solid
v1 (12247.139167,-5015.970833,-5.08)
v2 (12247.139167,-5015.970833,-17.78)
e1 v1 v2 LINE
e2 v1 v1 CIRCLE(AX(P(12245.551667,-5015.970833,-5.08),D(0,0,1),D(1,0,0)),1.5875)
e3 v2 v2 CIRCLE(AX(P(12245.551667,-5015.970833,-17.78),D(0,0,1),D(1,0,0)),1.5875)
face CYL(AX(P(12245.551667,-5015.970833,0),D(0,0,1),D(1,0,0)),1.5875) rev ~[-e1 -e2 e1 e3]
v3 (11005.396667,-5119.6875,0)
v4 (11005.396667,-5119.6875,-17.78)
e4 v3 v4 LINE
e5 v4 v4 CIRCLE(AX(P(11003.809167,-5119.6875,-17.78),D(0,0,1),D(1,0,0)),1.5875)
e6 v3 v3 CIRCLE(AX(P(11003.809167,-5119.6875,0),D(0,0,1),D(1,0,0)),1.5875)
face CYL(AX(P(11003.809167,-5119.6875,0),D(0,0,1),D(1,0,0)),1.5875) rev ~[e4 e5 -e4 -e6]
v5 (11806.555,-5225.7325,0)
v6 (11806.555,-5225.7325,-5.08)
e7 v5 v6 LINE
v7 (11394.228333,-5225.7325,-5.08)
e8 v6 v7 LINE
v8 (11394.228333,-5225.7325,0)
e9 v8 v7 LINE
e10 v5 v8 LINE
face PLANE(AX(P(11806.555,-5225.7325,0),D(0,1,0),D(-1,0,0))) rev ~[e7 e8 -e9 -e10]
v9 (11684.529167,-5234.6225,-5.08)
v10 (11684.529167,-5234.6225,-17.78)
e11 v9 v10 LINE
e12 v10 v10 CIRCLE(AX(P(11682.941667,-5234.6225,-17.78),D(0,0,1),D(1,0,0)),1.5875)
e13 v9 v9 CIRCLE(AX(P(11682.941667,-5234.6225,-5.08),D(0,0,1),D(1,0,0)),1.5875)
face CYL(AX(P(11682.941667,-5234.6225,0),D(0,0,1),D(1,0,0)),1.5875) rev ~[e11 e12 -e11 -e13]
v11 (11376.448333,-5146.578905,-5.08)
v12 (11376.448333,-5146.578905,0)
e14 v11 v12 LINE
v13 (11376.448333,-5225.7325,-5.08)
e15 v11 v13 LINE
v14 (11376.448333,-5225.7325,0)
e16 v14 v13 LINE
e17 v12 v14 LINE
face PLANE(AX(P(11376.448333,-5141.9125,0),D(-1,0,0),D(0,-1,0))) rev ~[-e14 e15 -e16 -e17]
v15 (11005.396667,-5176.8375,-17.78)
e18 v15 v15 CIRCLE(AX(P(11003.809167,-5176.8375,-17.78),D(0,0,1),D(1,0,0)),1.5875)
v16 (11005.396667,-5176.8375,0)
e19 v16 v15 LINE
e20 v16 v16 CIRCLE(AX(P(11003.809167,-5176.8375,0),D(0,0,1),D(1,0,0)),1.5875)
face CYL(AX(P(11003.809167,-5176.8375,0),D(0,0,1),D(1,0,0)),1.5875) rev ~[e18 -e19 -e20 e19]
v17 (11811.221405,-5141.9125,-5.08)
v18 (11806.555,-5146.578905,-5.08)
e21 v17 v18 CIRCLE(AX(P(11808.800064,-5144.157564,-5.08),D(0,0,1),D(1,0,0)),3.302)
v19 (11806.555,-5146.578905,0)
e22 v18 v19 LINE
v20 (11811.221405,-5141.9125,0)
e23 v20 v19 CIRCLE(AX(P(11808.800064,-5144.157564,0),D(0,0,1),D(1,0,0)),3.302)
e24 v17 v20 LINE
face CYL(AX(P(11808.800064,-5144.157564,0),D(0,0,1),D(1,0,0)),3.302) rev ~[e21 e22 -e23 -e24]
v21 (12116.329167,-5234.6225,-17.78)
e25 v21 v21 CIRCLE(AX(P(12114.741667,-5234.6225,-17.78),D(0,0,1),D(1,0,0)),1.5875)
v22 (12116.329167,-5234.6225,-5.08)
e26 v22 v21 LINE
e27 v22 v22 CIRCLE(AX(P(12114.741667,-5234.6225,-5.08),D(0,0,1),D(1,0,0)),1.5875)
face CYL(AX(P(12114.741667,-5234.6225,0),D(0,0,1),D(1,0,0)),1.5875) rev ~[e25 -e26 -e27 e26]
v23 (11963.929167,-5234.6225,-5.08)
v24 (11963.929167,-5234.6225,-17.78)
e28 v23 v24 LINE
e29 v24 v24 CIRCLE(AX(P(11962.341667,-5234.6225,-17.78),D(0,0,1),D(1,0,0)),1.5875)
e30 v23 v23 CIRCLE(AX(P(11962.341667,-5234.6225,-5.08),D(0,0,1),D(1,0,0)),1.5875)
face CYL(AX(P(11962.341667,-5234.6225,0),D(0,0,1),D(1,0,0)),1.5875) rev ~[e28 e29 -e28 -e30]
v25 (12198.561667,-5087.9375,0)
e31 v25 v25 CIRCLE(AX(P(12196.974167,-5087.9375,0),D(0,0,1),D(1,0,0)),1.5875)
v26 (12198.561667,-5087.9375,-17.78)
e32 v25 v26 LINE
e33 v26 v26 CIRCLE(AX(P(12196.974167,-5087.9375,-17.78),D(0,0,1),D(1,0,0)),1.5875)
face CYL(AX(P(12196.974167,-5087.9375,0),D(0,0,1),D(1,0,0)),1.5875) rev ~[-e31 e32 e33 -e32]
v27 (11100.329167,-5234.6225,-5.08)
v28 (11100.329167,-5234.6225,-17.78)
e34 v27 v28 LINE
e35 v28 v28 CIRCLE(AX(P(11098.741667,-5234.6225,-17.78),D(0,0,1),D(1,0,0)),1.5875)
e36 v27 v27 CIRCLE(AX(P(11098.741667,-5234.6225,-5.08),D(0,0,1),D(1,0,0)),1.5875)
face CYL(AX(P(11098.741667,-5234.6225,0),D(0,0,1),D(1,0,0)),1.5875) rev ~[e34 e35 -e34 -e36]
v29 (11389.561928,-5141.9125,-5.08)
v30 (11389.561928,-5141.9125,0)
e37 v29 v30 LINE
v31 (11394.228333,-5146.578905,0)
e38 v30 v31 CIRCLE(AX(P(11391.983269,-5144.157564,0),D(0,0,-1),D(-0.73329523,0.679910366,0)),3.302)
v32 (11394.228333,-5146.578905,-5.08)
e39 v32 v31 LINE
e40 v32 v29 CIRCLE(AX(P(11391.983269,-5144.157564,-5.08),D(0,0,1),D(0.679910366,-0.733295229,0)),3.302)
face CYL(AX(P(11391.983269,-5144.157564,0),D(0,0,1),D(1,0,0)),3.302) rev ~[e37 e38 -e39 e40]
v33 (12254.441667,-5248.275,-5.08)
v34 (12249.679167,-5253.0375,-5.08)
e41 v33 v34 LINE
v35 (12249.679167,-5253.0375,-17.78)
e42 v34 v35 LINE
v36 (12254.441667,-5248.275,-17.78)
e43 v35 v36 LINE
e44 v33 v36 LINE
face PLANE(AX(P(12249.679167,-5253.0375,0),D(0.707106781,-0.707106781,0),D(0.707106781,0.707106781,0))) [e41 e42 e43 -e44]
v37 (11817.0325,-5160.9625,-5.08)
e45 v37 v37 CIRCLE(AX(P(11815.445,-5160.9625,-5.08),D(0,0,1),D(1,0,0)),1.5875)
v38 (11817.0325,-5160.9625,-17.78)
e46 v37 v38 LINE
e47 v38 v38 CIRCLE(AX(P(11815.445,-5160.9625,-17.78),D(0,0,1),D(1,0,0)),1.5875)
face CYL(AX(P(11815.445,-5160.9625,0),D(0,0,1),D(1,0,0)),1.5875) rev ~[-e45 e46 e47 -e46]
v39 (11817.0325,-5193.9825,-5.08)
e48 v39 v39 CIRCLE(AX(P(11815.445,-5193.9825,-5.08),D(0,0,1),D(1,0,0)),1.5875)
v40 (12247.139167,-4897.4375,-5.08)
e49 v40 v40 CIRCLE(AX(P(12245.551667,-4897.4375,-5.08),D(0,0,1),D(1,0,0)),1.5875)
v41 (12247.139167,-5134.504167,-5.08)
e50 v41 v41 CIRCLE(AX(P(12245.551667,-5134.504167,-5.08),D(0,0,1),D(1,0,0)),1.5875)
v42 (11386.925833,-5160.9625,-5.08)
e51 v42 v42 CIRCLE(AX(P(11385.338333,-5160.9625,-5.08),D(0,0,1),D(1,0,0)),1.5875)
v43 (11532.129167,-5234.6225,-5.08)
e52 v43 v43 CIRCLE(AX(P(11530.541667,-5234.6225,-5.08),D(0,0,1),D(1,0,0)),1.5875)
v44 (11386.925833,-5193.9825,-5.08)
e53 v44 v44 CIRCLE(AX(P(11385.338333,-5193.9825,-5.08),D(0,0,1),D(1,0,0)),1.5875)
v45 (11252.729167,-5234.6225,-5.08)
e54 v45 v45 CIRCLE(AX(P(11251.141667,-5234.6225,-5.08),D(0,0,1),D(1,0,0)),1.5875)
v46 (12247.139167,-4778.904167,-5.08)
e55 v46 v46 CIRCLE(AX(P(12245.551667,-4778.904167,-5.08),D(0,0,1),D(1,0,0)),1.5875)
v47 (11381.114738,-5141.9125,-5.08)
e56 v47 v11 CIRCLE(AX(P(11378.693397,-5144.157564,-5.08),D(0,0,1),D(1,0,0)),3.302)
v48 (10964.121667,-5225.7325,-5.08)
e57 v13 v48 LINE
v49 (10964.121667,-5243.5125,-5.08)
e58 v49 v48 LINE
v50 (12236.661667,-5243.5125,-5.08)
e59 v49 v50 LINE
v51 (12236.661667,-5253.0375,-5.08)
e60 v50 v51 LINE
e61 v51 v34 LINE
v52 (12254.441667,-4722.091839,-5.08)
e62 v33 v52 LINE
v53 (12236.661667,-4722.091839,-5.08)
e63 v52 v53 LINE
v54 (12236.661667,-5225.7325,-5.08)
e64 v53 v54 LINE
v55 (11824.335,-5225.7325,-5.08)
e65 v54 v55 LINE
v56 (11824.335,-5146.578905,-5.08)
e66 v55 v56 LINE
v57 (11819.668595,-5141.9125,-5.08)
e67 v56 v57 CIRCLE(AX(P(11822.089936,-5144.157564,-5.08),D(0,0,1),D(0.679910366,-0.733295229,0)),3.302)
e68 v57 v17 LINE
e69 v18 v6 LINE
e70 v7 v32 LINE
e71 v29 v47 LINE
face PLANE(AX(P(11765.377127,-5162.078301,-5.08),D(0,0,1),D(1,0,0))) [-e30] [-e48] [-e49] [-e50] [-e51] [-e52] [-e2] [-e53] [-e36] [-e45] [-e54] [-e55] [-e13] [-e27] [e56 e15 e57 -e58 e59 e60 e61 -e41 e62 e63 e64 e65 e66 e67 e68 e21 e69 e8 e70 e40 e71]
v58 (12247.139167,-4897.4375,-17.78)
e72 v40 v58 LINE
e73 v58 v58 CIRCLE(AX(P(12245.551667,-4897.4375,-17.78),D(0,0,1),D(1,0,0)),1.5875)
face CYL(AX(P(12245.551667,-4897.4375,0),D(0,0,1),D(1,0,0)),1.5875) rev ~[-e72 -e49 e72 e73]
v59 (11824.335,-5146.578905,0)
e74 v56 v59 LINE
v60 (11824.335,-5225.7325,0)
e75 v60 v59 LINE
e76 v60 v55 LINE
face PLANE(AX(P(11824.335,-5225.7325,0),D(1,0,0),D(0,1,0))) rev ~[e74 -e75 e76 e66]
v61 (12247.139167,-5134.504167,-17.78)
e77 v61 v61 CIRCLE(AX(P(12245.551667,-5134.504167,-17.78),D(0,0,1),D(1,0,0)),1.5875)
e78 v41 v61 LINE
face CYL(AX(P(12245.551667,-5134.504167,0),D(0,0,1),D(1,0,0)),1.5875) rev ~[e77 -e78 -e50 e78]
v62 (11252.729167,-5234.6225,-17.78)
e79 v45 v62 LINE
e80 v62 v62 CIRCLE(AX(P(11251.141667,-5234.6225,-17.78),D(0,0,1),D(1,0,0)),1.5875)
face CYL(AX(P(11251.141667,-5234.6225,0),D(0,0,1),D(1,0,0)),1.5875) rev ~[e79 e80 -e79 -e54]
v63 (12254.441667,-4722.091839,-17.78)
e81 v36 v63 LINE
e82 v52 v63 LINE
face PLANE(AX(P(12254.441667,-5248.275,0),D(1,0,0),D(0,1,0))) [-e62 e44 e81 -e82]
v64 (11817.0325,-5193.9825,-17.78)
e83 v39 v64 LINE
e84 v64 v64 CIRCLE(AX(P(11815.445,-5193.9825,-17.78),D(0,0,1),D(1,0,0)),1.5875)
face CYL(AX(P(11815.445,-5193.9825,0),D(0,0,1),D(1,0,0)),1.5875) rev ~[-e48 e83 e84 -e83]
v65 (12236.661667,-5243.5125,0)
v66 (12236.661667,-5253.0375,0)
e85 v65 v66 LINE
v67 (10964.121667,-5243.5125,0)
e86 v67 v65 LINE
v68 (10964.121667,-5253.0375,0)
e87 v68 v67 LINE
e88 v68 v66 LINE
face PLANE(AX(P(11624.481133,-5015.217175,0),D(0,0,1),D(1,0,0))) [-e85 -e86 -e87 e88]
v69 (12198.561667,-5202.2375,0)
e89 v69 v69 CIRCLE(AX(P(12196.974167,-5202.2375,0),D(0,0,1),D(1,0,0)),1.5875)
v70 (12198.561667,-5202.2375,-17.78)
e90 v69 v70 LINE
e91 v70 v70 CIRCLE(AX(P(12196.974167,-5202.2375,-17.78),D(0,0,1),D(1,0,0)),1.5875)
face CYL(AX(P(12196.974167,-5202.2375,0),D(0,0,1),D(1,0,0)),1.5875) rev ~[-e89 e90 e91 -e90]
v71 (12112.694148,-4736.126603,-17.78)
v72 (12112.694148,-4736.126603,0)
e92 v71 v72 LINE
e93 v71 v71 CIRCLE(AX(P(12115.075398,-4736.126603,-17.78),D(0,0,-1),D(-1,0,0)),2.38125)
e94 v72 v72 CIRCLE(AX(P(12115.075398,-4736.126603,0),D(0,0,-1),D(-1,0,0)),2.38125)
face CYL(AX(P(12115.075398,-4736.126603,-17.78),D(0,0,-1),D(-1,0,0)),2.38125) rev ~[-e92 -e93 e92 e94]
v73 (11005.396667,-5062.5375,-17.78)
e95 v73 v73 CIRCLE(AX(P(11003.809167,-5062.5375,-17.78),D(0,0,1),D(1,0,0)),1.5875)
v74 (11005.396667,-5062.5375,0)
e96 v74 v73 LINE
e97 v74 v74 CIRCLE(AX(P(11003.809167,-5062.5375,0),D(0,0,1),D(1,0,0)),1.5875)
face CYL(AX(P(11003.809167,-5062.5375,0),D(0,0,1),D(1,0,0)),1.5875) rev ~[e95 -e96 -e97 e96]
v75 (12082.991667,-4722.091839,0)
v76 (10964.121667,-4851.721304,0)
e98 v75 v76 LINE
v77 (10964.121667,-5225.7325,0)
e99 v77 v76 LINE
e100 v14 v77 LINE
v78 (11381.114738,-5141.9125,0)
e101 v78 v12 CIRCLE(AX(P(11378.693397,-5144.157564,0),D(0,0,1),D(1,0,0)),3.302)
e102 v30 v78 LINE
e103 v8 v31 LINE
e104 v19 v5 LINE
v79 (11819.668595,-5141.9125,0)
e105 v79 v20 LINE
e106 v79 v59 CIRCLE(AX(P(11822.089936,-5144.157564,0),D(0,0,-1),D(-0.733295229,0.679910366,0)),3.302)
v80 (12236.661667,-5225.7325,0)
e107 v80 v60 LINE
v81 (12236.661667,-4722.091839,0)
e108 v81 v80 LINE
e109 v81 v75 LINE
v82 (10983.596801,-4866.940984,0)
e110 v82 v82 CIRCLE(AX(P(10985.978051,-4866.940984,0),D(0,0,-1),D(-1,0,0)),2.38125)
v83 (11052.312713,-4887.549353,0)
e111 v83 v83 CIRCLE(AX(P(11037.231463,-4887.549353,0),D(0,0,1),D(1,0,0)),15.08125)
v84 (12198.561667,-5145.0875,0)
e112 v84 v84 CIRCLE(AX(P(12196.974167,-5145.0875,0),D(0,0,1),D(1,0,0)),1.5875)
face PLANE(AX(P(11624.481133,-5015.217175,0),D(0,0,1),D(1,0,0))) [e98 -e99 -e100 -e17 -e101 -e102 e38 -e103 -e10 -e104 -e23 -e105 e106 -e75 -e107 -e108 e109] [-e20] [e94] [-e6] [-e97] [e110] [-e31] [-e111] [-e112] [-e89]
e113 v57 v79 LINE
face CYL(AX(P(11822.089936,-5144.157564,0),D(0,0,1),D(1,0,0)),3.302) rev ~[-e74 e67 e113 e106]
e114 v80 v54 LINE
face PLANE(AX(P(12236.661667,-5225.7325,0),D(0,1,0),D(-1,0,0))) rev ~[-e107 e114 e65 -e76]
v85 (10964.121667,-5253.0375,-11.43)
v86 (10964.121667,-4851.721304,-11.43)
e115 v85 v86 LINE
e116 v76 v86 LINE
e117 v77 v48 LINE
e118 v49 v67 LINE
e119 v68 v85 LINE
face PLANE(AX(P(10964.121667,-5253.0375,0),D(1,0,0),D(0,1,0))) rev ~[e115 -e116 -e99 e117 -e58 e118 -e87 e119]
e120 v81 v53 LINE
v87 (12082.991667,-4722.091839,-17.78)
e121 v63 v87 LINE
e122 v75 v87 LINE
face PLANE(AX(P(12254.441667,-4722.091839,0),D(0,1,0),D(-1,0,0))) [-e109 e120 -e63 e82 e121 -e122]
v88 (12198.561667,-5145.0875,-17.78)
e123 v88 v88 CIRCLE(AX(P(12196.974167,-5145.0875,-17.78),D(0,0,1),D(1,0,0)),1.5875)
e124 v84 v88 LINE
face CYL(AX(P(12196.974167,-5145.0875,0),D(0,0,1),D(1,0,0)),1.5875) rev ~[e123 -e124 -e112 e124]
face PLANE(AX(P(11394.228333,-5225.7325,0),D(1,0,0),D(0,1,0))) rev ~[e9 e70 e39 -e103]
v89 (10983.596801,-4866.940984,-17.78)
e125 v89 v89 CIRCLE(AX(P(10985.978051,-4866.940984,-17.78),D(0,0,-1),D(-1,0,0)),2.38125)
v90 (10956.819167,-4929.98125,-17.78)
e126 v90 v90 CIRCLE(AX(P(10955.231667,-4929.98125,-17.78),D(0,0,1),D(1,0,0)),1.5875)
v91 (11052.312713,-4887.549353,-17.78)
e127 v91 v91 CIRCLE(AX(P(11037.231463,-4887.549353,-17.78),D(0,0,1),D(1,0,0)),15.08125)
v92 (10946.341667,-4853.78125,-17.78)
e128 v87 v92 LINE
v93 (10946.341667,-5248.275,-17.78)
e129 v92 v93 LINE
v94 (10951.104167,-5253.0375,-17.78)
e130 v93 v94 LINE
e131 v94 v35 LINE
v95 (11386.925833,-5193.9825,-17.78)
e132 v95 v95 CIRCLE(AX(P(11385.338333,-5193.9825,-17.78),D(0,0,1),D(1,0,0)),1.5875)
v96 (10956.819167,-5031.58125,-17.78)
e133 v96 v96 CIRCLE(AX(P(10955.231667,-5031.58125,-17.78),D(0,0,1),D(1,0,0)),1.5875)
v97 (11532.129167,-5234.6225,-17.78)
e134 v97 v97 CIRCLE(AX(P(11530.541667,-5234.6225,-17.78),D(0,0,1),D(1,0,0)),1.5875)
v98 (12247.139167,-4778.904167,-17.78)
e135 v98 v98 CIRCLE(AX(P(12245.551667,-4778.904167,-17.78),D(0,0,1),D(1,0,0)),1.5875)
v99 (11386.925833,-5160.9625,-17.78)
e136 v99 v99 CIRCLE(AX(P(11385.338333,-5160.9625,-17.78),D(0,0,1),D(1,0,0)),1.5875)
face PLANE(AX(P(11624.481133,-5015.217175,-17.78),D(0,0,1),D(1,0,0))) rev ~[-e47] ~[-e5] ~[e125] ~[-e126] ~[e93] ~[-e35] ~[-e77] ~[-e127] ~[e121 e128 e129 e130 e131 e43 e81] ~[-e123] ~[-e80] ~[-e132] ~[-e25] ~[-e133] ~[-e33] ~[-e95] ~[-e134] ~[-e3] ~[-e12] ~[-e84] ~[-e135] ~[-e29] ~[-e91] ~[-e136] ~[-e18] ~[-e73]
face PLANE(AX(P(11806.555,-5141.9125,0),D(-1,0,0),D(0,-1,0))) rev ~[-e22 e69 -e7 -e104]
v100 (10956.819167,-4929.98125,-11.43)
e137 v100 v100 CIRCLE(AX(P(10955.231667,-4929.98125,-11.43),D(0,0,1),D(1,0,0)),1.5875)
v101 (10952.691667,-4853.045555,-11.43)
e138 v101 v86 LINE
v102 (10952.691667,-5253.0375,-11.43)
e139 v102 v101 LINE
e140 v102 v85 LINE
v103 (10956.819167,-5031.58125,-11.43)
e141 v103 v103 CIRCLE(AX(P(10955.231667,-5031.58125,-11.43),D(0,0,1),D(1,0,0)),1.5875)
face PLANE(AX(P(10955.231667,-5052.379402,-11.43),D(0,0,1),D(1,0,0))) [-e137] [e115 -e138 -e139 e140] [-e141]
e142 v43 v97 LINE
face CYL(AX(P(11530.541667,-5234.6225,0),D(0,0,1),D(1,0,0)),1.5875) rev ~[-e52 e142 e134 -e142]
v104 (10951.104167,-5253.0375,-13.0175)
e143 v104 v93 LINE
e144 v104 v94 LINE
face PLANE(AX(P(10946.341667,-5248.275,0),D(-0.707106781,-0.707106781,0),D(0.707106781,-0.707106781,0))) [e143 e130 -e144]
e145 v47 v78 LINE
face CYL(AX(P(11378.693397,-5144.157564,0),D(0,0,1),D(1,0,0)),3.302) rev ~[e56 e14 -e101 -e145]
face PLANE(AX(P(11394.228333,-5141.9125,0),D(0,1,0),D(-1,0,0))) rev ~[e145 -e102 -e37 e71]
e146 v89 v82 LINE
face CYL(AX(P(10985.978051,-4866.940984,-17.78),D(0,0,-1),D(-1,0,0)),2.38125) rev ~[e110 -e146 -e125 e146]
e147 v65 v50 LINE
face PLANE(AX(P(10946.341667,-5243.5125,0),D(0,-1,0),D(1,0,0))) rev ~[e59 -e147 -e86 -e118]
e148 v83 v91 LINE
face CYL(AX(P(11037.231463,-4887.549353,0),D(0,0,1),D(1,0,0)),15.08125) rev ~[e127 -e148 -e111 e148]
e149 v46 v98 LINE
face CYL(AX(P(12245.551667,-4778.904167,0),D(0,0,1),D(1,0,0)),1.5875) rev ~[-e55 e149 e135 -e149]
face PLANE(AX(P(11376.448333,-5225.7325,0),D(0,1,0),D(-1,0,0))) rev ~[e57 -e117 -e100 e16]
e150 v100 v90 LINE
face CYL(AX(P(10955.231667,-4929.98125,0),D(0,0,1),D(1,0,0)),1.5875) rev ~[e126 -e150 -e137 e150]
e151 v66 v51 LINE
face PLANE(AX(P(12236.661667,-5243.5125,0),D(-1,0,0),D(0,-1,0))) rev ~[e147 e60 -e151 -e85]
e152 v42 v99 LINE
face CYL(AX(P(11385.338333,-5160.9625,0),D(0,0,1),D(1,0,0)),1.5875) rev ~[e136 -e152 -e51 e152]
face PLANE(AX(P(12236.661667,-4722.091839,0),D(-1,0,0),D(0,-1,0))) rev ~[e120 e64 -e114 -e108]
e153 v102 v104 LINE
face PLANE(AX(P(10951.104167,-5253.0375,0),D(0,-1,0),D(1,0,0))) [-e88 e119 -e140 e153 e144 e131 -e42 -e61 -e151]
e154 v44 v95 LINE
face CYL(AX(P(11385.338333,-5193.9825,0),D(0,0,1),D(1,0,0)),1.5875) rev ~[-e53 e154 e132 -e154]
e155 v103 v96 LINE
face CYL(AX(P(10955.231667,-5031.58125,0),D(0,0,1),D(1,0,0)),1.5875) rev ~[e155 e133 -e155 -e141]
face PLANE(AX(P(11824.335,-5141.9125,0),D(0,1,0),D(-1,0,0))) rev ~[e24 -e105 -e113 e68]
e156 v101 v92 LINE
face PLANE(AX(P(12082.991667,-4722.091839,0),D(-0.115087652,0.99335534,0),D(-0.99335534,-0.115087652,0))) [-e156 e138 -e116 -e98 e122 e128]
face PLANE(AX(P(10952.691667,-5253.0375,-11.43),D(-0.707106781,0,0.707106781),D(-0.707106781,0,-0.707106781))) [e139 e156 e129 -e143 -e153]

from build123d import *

# Parameters (mm, degrees)
EXTRUDE1_DEPTH     = 17.78
CUT_EXTRUDE1_DEPTH = 5.08
SKETCH4_W          = 17.78
SKETCH4_H          = 401.3161961
CUT_EXTRUDE2_DEPTH = 11.43
SKETCH5_R          = 15.08125
SKETCH5_R_2        = 1.5875
CUT_EXTRUDE3_DEPTH = 17.78
SKETCH6_R          = 3.302
CUT_EXTRUDE4_DEPTH = 5.08
CUT_EXTRUDE5_REACH = 12267.951
SKETCH8_R          = 2.38125
CUT_EXTRUDE6_DEPTH = 17.78


with BuildPart() as part:
    # Sketch2 → Extrude1 (new body)
    with BuildSketch(Plane.XY):
        Polygon((10946.341666666, -4853.78125), (10946.341666666, -5248.275), (10951.104166666, -5253.0375), (12249.679166666, -5253.0375), (12254.441666666, -5248.275), (12254.441666666, -4722.091838581), (12082.991666666, -4722.091838581), align=None)
    extrude(amount=-EXTRUDE1_DEPTH)

    # Sketch3 → Cut-Extrude1 (cut)
    with BuildSketch(Plane.XY):
        Polygon((10946.341666666, -5225.7325), (10946.341666666, -5243.5125), (12236.661666666, -5243.5125), (12236.661666666, -5253.0375), (12254.441666666, -5253.0375), (12254.441666666, -4722.091838581), (12236.661666666, -4722.091838581), (12236.661666666, -5225.7325), (11824.335, -5225.7325), (11824.335, -5141.9125), (11806.555, -5141.9125), (11806.555, -5225.7325), (11394.228333334, -5225.7325), (11394.228333334, -5141.912499999), (11376.448333334, -5141.9125), (11376.448333334, -5225.7325), align=None)
    extrude(amount=-CUT_EXTRUDE1_DEPTH, mode=Mode.SUBTRACT)

    # Sketch4 → Cut-Extrude2 (cut)
    with BuildSketch(Plane.XY):
        with Locations((10955.231666666, -5052.37940195)):
            Rectangle(SKETCH4_W, SKETCH4_H)
    extrude(amount=-CUT_EXTRUDE2_DEPTH, mode=Mode.SUBTRACT)

    # Sketch5 → Cut-Extrude3 (cut)
    with BuildSketch(Plane.XY):
        with Locations((11037.231463428, -4887.549352662)):
            Circle(SKETCH5_R)
        with Locations((10955.231666666, -4929.98125)):
            Circle(SKETCH5_R_2)
        with Locations((10955.231666666, -5031.58125)):
            Circle(SKETCH5_R_2)
        with Locations((11003.809166666, -5062.5375)):
            Circle(SKETCH5_R_2)
        with Locations((11003.809166666, -5119.6875)):
            Circle(SKETCH5_R_2)
        with Locations((11003.809166666, -5176.8375)):
            Circle(SKETCH5_R_2)
        with Locations((11251.141666666, -5234.6225)):
            Circle(SKETCH5_R_2)
        with Locations((11098.741666666, -5234.6225)):
            Circle(SKETCH5_R_2)
        with Locations((11385.338333334, -5160.9625)):
            Circle(SKETCH5_R_2)
        with Locations((11385.338333334, -5193.9825)):
            Circle(SKETCH5_R_2)
        with Locations((11530.541666666, -5234.6225)):
            Circle(SKETCH5_R_2)
        with Locations((11682.941666666, -5234.6225)):
            Circle(SKETCH5_R_2)
        with Locations((11815.445, -5160.9625)):
            Circle(SKETCH5_R_2)
        with Locations((11815.445, -5193.9825)):
            Circle(SKETCH5_R_2)
        with Locations((11962.341666666, -5234.6225)):
            Circle(SKETCH5_R_2)
        with Locations((12114.741666666, -5234.6225)):
            Circle(SKETCH5_R_2)
        with Locations((12196.974166666, -5202.2375)):
            Circle(SKETCH5_R_2)
        with Locations((12196.974166666, -5145.0875)):
            Circle(SKETCH5_R_2)
        with Locations((12245.551666666, -5134.504166666)):
            Circle(SKETCH5_R_2)
        with Locations((12196.974166666, -5087.9375)):
            Circle(SKETCH5_R_2)
        with Locations((12245.551666666, -5015.970833334)):
            Circle(SKETCH5_R_2)
        with Locations((12245.551666666, -4897.4375)):
            Circle(SKETCH5_R_2)
        with Locations((12245.551666666, -4778.904166666)):
            Circle(SKETCH5_R_2)
    extrude(amount=-CUT_EXTRUDE3_DEPTH, mode=Mode.SUBTRACT)

    # Sketch6 → Cut-Extrude4 (cut)
    with BuildSketch(Plane.XY):
        with Locations((11378.693397364, -5144.15756403)):
            Circle(SKETCH6_R)
        with Locations((11391.983269304, -5144.157564029)):
            Circle(SKETCH6_R)
        with Locations((11808.80006403, -5144.15756403)):
            Circle(SKETCH6_R)
        with Locations((11822.08993597, -5144.15756403)):
            Circle(SKETCH6_R)
    extrude(amount=-CUT_EXTRUDE4_DEPTH, mode=Mode.SUBTRACT)

    # Cut-Extrude5: up to this plane
    cut_extrude5_end = Plane(origin=(12082.991666666, -4722.091838581, -17.78), z_dir=(-0.11508765240352697, 0.993355340381399, 0))
    # Sketch7 → Cut-Extrude5 (cut, up to the surface)
    with BuildSketch(Plane.XZ.offset(5253.0375), mode=Mode.PRIVATE) as cut_extrude5_sk1:
        Polygon((10946.341666666, -17.78), (10946.341666666, -11.43), (10952.691666666, -11.43), align=None)
    cut_extrude5_tool1 = split(extrude(cut_extrude5_sk1.sketch, amount=-CUT_EXTRUDE5_REACH, mode=Mode.PRIVATE), bisect_by=cut_extrude5_end, keep=Keep.BOTH, mode=Mode.PRIVATE)
    add(cut_extrude5_tool1.solids().sort_by_distance((10948.458333, -5253.0375, -13.546667))[0], mode=Mode.SUBTRACT)

    # Sketch8 → Cut-Extrude6 (cut)
    with BuildSketch(Plane(origin=(0, 0, -17.78), x_dir=(-1, 0, 0), z_dir=(0, 0, -1))):
        with Locations((-10985.978050724, -4866.940983559)):
            Circle(SKETCH8_R)
        with Locations((-12115.075398369, -4736.126603454)):
            Circle(SKETCH8_R)
    extrude(amount=-CUT_EXTRUDE6_DEPTH, mode=Mode.SUBTRACT)


solid = part.part
